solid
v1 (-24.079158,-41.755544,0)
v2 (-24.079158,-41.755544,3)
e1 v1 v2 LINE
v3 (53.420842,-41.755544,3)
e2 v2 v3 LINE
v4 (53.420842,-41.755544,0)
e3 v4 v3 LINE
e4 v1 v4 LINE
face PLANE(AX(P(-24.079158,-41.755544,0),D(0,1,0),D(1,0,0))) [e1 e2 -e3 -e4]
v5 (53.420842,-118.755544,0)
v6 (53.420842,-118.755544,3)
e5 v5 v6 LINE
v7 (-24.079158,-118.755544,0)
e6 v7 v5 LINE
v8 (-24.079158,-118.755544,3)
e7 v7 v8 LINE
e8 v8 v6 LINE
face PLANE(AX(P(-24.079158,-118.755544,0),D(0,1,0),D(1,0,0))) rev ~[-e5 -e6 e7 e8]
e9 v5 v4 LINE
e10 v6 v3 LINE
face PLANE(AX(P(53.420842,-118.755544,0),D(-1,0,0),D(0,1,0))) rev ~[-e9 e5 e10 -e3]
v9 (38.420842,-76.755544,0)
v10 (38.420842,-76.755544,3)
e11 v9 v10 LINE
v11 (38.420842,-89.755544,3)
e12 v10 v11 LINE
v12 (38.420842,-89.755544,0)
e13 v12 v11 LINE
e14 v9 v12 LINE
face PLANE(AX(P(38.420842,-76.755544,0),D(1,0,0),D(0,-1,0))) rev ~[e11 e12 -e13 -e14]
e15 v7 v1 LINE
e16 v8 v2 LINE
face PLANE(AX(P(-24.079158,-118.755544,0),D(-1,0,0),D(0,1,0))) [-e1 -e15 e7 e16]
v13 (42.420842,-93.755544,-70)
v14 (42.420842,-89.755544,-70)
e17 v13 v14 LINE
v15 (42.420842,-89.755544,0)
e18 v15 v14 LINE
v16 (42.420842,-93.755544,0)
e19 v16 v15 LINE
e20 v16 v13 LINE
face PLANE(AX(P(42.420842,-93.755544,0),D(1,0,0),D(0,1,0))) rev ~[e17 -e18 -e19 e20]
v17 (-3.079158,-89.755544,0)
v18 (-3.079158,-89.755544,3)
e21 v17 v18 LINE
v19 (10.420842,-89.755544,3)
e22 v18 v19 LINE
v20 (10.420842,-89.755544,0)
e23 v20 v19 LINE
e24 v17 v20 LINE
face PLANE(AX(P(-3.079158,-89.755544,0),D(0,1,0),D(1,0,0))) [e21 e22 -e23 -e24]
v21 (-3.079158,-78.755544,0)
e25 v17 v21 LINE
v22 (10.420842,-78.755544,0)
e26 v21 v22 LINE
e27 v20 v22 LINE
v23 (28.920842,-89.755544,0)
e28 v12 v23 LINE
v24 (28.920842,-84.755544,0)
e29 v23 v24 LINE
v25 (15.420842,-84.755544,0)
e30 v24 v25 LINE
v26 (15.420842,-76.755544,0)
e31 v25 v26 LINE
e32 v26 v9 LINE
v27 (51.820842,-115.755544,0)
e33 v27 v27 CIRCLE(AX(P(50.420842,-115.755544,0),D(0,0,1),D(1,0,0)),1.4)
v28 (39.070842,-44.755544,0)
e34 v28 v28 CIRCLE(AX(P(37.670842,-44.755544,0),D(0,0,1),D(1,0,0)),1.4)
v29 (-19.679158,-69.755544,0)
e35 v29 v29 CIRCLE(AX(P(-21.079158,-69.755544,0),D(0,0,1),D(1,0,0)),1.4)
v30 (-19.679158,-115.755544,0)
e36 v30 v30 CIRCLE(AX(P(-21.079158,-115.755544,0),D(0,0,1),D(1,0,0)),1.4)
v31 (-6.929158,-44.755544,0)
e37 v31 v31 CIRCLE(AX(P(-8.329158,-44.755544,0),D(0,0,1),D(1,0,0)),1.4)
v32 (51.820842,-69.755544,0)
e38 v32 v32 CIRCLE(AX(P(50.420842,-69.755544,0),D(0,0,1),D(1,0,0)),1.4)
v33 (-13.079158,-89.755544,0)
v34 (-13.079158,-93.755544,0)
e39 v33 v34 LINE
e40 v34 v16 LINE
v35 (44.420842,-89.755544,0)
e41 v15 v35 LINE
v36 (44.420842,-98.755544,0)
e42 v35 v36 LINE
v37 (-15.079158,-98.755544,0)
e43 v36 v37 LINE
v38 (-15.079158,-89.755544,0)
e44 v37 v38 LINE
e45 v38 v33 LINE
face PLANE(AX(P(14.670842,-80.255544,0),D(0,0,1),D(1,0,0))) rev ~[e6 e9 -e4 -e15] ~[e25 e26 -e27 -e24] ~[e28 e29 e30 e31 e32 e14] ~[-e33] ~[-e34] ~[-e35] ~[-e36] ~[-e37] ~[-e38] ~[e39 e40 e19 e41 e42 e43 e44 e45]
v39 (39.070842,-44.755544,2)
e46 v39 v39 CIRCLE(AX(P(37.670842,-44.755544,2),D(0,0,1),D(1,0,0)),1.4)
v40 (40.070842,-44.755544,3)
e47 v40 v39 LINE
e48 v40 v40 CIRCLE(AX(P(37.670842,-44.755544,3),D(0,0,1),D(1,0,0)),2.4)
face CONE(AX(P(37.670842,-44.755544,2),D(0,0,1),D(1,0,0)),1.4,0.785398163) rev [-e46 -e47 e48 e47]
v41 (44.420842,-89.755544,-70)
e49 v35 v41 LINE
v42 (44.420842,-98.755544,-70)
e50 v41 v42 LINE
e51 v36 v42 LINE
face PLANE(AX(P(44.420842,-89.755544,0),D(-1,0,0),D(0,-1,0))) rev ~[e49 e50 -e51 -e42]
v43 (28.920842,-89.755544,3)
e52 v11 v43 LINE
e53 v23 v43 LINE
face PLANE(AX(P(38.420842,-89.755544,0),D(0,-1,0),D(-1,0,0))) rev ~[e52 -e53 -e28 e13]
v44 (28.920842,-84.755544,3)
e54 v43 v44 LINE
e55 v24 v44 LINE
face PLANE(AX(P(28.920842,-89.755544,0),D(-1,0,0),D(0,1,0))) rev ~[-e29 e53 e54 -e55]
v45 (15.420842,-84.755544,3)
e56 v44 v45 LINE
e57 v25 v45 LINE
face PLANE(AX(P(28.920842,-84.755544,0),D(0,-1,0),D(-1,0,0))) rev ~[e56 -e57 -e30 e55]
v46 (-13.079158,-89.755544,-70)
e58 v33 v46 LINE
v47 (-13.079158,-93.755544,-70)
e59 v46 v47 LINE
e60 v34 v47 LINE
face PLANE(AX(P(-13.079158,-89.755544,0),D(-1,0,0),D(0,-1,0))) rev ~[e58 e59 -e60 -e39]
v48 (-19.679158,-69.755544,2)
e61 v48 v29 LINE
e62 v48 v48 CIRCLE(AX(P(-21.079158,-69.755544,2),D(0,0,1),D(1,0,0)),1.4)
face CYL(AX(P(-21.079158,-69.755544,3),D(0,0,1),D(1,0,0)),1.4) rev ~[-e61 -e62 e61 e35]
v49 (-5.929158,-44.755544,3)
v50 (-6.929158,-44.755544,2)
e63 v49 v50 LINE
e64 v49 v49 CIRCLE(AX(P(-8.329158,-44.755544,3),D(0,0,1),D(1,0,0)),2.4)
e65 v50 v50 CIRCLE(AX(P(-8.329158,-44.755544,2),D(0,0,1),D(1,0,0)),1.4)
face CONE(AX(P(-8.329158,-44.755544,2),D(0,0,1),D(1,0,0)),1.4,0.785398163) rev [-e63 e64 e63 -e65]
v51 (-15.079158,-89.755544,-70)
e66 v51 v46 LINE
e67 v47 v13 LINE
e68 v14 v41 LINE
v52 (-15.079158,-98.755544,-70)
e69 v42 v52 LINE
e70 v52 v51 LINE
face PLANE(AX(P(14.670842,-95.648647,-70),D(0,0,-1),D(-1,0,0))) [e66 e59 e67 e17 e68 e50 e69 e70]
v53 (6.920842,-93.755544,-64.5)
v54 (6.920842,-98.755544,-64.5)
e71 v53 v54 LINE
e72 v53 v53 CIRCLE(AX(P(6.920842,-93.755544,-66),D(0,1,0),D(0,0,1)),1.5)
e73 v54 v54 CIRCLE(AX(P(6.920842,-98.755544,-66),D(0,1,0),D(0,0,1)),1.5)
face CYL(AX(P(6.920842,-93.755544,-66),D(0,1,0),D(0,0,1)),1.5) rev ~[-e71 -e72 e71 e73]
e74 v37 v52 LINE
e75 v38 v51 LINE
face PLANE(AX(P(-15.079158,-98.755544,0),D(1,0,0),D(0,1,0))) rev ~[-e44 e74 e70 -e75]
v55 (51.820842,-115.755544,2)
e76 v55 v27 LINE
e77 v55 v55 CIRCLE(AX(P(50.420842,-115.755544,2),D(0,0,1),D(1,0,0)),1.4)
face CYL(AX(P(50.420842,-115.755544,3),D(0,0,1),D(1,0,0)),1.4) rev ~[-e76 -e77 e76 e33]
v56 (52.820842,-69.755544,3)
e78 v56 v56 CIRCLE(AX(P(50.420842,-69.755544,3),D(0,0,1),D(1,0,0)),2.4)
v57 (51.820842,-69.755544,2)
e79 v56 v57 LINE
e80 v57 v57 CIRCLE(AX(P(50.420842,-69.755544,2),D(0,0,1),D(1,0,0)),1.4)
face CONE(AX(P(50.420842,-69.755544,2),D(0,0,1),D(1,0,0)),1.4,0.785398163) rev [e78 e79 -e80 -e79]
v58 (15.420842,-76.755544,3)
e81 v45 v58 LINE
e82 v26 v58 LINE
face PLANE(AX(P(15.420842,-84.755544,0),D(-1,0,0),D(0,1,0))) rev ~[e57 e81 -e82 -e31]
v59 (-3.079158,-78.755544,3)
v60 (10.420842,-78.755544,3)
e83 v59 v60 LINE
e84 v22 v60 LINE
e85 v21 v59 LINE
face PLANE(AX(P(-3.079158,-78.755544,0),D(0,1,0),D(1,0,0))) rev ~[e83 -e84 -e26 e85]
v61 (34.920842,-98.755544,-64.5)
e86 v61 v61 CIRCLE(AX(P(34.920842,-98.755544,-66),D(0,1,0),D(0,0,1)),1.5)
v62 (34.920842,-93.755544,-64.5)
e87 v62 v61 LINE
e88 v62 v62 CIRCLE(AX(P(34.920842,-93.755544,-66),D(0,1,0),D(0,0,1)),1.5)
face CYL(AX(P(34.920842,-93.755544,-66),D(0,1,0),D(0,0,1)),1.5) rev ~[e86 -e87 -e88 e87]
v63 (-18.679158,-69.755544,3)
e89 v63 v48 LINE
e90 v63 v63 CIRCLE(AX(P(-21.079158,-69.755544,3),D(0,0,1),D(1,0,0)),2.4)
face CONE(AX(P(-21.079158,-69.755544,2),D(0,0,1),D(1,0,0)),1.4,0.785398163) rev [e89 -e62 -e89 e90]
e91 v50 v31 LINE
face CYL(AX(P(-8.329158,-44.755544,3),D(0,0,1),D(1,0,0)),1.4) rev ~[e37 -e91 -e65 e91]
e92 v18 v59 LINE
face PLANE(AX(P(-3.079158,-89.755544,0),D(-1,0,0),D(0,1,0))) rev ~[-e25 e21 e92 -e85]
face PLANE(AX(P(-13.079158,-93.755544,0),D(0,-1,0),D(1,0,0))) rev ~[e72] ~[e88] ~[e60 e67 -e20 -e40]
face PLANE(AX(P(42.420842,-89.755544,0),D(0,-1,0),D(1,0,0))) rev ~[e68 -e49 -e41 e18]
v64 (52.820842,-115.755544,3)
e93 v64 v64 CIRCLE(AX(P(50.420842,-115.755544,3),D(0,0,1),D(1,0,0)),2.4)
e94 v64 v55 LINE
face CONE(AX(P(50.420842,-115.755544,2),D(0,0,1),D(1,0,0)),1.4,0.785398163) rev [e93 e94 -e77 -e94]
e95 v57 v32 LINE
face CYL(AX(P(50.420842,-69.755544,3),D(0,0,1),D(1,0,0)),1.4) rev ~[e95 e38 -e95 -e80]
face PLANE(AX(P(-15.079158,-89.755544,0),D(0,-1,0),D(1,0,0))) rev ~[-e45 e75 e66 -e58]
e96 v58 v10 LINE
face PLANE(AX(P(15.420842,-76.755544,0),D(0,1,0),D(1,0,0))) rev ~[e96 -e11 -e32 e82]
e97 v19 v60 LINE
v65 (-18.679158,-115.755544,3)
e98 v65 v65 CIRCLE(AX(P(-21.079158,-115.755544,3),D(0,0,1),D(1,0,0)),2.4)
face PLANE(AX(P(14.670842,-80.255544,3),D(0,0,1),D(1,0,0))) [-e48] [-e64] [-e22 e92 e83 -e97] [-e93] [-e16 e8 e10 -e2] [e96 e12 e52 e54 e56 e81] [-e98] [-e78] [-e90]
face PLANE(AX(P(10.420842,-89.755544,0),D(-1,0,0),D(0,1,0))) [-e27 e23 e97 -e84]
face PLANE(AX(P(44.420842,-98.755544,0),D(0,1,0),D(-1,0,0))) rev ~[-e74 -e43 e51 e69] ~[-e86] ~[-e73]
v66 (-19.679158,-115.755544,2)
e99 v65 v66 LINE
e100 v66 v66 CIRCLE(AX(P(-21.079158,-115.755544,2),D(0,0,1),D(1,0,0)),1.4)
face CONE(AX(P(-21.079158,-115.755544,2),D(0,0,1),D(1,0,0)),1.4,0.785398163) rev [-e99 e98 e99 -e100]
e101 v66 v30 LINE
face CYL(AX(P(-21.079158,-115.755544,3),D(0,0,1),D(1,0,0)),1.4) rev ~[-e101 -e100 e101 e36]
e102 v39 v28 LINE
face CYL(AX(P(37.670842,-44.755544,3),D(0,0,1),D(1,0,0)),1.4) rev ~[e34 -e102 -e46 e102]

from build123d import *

# Parameters (mm, degrees)
SZKIC1_W                    = 77.5
SZKIC1_H                    = 77
SZKIC1_W_2                  = 13.5
SZKIC1_H_2                  = 11
DODANIE_WYCI_GNI_CIE1_DEPTH = 3
DODANIE_WYCI_GNI_CIE3_DEPTH = 70
SZKIC2_R                    = 1.4
WYTNIJ_WYCI_GNI_CIE1_DEPTH  = 3
SZKIC4_R                    = 1.4
WYTNIJ_WYCI_GNI_CIE2_DEPTH  = 3
SZKIC5_R                    = 1.5
WYTNIJ_WYCI_GNI_CIE3_DEPTH  = 5
SFAZOWANIE1_SIZE            = 1
SFAZOWANIE2_SIZE            = 1
SFAZOWANIE3_SIZE            = 1


with BuildPart() as part:
    # Szkic1 → Dodanie-wyciągnięcie1 (new body)
    with BuildSketch(Plane.XY):
        with Locations((14.670842187, -80.255543912)):
            Rectangle(SZKIC1_W, SZKIC1_H)
        with Locations((3.670842187, -84.255543912)):
            Rectangle(SZKIC1_W_2, SZKIC1_H_2, mode=Mode.SUBTRACT)
        Polygon((15.420842187, -76.755543912), (38.420842187, -76.755543912), (38.420842187, -89.755543912), (28.920842187, -89.755543912), (28.920842187, -84.755543912), (15.420842187, -84.755543912), align=None, mode=Mode.SUBTRACT)
    extrude(amount=DODANIE_WYCI_GNI_CIE1_DEPTH)

    # Szkic1<5> → Dodanie-wyciągnięcie3 (add)
    with BuildSketch(Plane.XY):
        Polygon((42.420842187, -89.755543912), (44.420842187, -89.755543912), (44.420842187, -98.755543912), (-15.079157813, -98.755543912), (-15.079157813, -89.755543912), (-13.079157813, -89.755543912), (-13.079157813, -93.755543912), (42.420842187, -93.755543912), align=None)
    extrude(amount=-DODANIE_WYCI_GNI_CIE3_DEPTH)

    # Szkic2 → Wytnij-wyciągnięcie1 (cut)
    with BuildSketch(Plane.XY.offset(3)):
        with Locations((-8.329157813, -44.755543912)):
            Circle(SZKIC2_R)
        with Locations((37.670842187, -44.755543912)):
            Circle(SZKIC2_R)
    extrude(amount=-WYTNIJ_WYCI_GNI_CIE1_DEPTH, mode=Mode.SUBTRACT)

    # Szkic4 → Wytnij-wyciągnięcie2 (cut)
    with BuildSketch(Plane.XY.offset(3)):
        with Locations((-21.079157813, -69.755543912)):
            Circle(SZKIC4_R)
        with Locations((-21.079157813, -115.755543912)):
            Circle(SZKIC4_R)
        with Locations((50.420842187, -115.755543912)):
            Circle(SZKIC4_R)
        with Locations((50.420842187, -69.755543912)):
            Circle(SZKIC4_R)
    extrude(amount=-WYTNIJ_WYCI_GNI_CIE2_DEPTH, mode=Mode.SUBTRACT)

    # Szkic5 → Wytnij-wyciągnięcie3 (cut)
    with BuildSketch(Plane(origin=(0, -93.755543912, 0), x_dir=(1, 0, 0), z_dir=(0, 1, 0))):
        with Locations(Location((34.920842187, 66, 0), (0, 0, 270))):
            Circle(SZKIC5_R)
        with Locations(Location((6.920842187, 66, 0), (0, 0, 270))):
            Circle(SZKIC5_R)
    extrude(amount=-WYTNIJ_WYCI_GNI_CIE3_DEPTH, mode=Mode.SUBTRACT)

    # Sfazowanie1
    sfazowanie1_edges = [part.edges().sort_by_distance(p)[0] for p in [
        (-9.729157813, -44.755543912, 3),
    ]]
    chamfer(sfazowanie1_edges, length=SFAZOWANIE1_SIZE)

    # Sfazowanie2
    sfazowanie2_edges = [part.edges().sort_by_distance(p)[0] for p in [
        (36.270842187, -44.755543912, 3),
    ]]
    chamfer(sfazowanie2_edges, length=SFAZOWANIE2_SIZE)

    # Sfazowanie3
    sfazowanie3_edges = [part.edges().sort_by_distance(p)[0] for p in [
        (49.020842187, -69.755543912, 3),
        (49.020842187, -115.755543912, 3),
        (-22.479157813, -115.755543912, 3),
        (-22.479157813, -69.755543912, 3),
    ]]
    chamfer(sfazowanie3_edges, length=SFAZOWANIE3_SIZE)


solid = part.part
